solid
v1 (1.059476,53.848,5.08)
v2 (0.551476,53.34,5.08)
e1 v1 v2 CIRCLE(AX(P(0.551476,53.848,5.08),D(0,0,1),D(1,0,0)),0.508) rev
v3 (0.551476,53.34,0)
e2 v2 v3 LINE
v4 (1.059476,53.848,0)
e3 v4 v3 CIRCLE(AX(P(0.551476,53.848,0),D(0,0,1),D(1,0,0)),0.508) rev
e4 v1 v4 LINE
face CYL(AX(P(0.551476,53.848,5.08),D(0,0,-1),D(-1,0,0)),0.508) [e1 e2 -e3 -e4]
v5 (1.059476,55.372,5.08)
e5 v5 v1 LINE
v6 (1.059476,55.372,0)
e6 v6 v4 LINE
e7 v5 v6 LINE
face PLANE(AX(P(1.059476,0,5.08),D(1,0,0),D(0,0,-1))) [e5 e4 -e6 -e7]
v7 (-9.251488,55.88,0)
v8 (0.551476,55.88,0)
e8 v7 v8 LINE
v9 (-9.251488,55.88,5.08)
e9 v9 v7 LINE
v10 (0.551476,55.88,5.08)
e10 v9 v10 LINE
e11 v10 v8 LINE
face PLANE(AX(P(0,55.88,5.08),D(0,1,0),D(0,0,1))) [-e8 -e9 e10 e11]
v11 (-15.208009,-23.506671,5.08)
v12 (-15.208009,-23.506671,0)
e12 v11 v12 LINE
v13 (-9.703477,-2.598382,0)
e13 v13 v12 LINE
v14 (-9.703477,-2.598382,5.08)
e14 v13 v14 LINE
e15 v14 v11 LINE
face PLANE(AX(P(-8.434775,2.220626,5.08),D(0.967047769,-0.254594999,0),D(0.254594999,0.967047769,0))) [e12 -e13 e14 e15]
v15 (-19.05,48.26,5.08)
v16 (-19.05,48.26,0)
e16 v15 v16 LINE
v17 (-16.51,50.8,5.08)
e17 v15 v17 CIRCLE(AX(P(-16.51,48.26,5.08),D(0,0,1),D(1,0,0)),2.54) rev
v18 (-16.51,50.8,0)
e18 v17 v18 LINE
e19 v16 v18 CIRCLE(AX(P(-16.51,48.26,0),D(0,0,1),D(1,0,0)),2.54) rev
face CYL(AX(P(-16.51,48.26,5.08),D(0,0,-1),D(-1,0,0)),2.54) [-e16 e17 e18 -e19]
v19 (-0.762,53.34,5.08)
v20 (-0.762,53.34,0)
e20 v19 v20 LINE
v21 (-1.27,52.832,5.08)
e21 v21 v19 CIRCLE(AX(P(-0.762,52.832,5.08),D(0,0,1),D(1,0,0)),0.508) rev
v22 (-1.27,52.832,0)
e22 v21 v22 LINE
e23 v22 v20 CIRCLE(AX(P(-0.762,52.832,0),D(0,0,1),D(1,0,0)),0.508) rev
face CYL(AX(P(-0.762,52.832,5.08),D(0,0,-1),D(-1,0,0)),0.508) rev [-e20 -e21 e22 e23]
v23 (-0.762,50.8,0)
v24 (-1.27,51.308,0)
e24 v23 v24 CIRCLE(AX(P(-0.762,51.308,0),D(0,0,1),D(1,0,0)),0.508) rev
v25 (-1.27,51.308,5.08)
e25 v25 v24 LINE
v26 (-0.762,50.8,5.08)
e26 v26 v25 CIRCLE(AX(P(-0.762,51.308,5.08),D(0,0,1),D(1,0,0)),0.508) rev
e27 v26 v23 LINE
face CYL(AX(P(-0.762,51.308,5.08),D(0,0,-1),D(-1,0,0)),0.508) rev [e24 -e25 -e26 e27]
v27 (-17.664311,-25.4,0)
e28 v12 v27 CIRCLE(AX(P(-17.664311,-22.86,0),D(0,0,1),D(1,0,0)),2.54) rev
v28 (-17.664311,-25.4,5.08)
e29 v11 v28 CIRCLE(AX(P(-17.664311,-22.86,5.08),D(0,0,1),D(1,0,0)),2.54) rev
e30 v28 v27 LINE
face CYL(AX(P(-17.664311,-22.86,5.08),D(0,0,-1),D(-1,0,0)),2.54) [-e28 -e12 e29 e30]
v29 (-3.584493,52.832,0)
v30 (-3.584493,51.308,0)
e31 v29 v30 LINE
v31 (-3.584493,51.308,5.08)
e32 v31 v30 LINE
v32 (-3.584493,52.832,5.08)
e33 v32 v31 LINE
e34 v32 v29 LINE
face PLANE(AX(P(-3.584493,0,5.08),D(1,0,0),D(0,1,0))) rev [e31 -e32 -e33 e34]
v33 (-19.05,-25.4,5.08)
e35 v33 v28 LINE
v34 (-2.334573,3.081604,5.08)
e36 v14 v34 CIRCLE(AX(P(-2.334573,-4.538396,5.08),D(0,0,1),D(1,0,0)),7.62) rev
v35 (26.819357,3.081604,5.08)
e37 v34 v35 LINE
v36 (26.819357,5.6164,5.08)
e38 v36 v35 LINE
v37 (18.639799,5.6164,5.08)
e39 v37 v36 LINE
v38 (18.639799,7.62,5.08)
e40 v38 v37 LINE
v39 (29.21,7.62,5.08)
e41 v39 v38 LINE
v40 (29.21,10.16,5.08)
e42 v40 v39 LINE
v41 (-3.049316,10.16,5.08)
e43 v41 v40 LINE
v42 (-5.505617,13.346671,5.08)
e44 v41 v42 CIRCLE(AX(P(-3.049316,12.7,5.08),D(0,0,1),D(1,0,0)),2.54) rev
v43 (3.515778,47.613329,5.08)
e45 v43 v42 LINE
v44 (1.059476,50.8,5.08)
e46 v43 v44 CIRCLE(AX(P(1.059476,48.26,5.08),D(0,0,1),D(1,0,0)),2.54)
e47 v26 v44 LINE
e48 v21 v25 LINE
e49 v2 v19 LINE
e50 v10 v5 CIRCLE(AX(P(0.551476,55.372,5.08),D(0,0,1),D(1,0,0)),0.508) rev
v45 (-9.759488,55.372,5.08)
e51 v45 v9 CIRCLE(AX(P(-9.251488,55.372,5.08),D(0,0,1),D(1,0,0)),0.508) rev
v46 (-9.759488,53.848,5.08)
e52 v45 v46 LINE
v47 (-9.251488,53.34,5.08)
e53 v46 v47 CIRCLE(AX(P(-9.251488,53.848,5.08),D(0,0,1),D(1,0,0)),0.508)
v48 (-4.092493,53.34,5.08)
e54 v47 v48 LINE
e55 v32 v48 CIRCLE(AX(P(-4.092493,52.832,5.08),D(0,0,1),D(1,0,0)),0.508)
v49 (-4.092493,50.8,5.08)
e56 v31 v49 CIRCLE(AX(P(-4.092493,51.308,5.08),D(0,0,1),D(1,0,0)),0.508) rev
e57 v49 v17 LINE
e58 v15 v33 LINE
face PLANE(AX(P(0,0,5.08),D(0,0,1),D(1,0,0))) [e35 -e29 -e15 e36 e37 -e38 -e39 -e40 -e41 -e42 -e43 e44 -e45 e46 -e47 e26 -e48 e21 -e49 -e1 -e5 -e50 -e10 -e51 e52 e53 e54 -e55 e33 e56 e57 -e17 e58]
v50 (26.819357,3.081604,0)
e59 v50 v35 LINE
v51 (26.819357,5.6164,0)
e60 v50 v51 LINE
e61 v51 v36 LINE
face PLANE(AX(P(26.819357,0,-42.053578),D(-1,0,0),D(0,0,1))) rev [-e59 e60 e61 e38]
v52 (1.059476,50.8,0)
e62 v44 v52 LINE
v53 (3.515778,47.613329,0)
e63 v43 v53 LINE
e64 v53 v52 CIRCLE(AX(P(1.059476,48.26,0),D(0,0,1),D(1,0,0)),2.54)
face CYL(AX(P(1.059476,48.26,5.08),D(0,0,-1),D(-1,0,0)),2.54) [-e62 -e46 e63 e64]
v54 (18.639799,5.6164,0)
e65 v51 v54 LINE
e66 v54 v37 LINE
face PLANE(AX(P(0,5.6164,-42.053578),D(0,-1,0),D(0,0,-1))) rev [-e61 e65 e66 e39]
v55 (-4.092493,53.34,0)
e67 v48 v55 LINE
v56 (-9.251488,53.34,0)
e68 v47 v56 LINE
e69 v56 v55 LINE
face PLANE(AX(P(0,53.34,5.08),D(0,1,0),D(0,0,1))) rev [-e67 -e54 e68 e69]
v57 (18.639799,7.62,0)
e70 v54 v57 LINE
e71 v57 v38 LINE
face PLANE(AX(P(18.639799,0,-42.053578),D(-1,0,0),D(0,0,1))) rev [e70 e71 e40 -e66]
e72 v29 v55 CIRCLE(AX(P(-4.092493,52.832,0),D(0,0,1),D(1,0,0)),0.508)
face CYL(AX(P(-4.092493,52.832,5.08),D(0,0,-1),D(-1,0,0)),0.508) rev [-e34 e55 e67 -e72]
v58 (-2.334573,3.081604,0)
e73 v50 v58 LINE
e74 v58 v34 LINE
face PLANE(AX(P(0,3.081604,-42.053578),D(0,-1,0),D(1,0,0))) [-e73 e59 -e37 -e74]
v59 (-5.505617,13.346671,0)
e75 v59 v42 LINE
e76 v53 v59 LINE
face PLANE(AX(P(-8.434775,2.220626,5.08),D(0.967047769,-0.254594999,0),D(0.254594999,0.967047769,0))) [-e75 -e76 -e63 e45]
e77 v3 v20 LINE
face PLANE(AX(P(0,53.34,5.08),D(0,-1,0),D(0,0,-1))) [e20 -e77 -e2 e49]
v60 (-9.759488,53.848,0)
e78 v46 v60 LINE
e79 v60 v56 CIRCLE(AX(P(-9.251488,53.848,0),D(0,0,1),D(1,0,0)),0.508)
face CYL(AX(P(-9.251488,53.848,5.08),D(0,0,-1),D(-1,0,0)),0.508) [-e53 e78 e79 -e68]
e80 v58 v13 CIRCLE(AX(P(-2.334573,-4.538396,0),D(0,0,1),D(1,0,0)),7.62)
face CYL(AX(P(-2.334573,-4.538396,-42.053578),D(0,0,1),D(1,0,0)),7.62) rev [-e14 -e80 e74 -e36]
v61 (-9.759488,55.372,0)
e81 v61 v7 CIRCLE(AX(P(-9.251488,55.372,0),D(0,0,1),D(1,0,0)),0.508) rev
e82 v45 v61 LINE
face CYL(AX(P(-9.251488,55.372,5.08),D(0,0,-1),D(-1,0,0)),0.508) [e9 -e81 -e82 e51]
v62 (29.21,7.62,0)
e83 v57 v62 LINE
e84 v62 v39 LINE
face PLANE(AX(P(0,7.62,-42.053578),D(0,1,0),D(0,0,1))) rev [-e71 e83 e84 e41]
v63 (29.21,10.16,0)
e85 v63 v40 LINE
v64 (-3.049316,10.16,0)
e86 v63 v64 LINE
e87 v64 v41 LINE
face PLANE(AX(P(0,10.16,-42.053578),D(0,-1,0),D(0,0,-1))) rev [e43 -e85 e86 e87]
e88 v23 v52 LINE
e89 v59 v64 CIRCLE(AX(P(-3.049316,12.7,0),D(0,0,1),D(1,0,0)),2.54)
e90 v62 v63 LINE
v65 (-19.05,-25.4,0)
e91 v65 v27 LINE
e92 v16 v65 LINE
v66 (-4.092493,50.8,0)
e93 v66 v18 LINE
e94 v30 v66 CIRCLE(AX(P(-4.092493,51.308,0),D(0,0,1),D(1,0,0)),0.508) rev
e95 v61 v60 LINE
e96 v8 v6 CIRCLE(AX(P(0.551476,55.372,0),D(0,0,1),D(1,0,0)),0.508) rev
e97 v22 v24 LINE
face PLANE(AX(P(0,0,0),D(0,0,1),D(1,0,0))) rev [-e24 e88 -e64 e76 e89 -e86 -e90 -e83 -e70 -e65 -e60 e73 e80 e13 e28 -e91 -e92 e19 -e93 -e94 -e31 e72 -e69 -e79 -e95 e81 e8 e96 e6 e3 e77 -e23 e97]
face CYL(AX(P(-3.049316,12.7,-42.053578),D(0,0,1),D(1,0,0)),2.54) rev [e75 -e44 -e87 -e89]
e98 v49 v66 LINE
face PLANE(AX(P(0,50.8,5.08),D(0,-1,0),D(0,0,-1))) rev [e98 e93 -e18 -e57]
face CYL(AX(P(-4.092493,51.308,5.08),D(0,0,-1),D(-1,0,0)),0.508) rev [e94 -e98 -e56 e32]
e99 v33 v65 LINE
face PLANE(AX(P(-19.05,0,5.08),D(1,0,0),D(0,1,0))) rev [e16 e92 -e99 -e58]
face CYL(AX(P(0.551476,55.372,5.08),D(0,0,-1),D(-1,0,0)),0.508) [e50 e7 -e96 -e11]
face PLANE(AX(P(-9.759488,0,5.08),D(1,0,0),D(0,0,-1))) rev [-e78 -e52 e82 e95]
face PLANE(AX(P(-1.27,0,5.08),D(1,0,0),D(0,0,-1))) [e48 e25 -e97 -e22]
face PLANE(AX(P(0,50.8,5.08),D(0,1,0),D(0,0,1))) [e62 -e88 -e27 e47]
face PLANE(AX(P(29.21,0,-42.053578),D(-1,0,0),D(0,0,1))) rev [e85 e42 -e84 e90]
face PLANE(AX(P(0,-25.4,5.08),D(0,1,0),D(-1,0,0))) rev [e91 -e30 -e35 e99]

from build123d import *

# Parameters (mm, degrees)
BOSS_EXTRUDE1_DEPTH = 5.08
BOSS_EXTRUDE2_DEPTH = 5.08


with BuildPart() as part:
    # Sketch1 → Boss-Extrude1 (new body)
    with BuildSketch(Plane.XY):
        with BuildLine():
            Line((-9.251487929, 55.88), (0.551476187, 55.88))
            ThreePointArc((0.551476187, 55.88), (0.910686432, 55.731210245), (1.059476187, 55.372))
            Line((1.059476187, 55.372), (1.059476187, 53.848))
            ThreePointArc((1.059476187, 53.848), (0.910686432, 53.488789755), (0.551476187, 53.34))
            Line((0.551476187, 53.34), (-0.762, 53.34))
            ThreePointArc((-0.762, 53.34), (-1.121210245, 53.191210245), (-1.27, 52.832))
            Line((-1.27, 52.832), (-1.27, 51.308))
            ThreePointArc((-1.27, 51.308), (-1.121210245, 50.948789755), (-0.762, 50.8))
            Line((-0.762, 50.8), (1.059476187, 50.8))
            ThreePointArc((1.059476187, 50.8), (3.071209903, 49.810653879), (3.515777519, 47.613328704))
            Line((3.515777519, 47.613328704), (-15.208009334, -23.506671296))
            ThreePointArc((-15.208009334, -23.506671296), (-16.113656787, -24.871733717), (-17.664310667, -25.4))
            Line((-17.664310667, -25.4), (-19.05, -25.4))
            Line((-19.05, -25.4), (-19.05, 48.26))
            ThreePointArc((-19.05, 48.26), (-18.306051224, 50.056051224), (-16.51, 50.8))
            Line((-16.51, 50.8), (-4.092493287, 50.8))
            ThreePointArc((-4.092493287, 50.8), (-3.733283042, 50.948789755), (-3.584493287, 51.308))
            Line((-3.584493287, 51.308), (-3.584493287, 52.832))
            ThreePointArc((-3.584493287, 52.832), (-3.733283042, 53.191210245), (-4.092493287, 53.34))
            Line((-4.092493287, 53.34), (-9.251487929, 53.34))
            ThreePointArc((-9.251487929, 53.34), (-9.610698174, 53.488789755), (-9.759487929, 53.848))
            Line((-9.759487929, 53.848), (-9.759487929, 55.372))
            ThreePointArc((-9.759487929, 55.372), (-9.610698174, 55.731210245), (-9.251487929, 55.88))
        make_face()
    extrude(amount=BOSS_EXTRUDE1_DEPTH)

    # Sketch3 → Boss-Extrude2 (add)
    with BuildSketch(Plane.XY.offset(5.08)):
        with BuildLine():
            Line((29.21, 10.16), (0, 10.16))
            Line((0, 10.16), (-3.049315827, 10.16))
            ThreePointArc((-3.049315827, 10.16), (-5.061049543, 11.149346121), (-5.505617159, 13.346671296))
            Line((-5.505617159, 13.346671296), (-9.703476753, -2.598381736))
            ThreePointArc((-9.703476753, -2.598381736), (-6.986534394, 1.496805525), (-2.334572756, 3.081604376))
            Line((-2.334572756, 3.081604376), (26.819356948, 3.081604376))
            Line((26.819356948, 3.081604376), (26.819356948, 5.616399787))
            Line((26.819356948, 5.616399787), (18.639798787, 5.616399787))
            Line((18.639798787, 5.616399787), (18.639798787, 7.62))
            Line((18.639798787, 7.62), (29.21, 7.62))
            Line((29.21, 7.62), (29.21, 10.16))
        make_face()
    extrude(amount=-BOSS_EXTRUDE2_DEPTH)


solid = part.part
